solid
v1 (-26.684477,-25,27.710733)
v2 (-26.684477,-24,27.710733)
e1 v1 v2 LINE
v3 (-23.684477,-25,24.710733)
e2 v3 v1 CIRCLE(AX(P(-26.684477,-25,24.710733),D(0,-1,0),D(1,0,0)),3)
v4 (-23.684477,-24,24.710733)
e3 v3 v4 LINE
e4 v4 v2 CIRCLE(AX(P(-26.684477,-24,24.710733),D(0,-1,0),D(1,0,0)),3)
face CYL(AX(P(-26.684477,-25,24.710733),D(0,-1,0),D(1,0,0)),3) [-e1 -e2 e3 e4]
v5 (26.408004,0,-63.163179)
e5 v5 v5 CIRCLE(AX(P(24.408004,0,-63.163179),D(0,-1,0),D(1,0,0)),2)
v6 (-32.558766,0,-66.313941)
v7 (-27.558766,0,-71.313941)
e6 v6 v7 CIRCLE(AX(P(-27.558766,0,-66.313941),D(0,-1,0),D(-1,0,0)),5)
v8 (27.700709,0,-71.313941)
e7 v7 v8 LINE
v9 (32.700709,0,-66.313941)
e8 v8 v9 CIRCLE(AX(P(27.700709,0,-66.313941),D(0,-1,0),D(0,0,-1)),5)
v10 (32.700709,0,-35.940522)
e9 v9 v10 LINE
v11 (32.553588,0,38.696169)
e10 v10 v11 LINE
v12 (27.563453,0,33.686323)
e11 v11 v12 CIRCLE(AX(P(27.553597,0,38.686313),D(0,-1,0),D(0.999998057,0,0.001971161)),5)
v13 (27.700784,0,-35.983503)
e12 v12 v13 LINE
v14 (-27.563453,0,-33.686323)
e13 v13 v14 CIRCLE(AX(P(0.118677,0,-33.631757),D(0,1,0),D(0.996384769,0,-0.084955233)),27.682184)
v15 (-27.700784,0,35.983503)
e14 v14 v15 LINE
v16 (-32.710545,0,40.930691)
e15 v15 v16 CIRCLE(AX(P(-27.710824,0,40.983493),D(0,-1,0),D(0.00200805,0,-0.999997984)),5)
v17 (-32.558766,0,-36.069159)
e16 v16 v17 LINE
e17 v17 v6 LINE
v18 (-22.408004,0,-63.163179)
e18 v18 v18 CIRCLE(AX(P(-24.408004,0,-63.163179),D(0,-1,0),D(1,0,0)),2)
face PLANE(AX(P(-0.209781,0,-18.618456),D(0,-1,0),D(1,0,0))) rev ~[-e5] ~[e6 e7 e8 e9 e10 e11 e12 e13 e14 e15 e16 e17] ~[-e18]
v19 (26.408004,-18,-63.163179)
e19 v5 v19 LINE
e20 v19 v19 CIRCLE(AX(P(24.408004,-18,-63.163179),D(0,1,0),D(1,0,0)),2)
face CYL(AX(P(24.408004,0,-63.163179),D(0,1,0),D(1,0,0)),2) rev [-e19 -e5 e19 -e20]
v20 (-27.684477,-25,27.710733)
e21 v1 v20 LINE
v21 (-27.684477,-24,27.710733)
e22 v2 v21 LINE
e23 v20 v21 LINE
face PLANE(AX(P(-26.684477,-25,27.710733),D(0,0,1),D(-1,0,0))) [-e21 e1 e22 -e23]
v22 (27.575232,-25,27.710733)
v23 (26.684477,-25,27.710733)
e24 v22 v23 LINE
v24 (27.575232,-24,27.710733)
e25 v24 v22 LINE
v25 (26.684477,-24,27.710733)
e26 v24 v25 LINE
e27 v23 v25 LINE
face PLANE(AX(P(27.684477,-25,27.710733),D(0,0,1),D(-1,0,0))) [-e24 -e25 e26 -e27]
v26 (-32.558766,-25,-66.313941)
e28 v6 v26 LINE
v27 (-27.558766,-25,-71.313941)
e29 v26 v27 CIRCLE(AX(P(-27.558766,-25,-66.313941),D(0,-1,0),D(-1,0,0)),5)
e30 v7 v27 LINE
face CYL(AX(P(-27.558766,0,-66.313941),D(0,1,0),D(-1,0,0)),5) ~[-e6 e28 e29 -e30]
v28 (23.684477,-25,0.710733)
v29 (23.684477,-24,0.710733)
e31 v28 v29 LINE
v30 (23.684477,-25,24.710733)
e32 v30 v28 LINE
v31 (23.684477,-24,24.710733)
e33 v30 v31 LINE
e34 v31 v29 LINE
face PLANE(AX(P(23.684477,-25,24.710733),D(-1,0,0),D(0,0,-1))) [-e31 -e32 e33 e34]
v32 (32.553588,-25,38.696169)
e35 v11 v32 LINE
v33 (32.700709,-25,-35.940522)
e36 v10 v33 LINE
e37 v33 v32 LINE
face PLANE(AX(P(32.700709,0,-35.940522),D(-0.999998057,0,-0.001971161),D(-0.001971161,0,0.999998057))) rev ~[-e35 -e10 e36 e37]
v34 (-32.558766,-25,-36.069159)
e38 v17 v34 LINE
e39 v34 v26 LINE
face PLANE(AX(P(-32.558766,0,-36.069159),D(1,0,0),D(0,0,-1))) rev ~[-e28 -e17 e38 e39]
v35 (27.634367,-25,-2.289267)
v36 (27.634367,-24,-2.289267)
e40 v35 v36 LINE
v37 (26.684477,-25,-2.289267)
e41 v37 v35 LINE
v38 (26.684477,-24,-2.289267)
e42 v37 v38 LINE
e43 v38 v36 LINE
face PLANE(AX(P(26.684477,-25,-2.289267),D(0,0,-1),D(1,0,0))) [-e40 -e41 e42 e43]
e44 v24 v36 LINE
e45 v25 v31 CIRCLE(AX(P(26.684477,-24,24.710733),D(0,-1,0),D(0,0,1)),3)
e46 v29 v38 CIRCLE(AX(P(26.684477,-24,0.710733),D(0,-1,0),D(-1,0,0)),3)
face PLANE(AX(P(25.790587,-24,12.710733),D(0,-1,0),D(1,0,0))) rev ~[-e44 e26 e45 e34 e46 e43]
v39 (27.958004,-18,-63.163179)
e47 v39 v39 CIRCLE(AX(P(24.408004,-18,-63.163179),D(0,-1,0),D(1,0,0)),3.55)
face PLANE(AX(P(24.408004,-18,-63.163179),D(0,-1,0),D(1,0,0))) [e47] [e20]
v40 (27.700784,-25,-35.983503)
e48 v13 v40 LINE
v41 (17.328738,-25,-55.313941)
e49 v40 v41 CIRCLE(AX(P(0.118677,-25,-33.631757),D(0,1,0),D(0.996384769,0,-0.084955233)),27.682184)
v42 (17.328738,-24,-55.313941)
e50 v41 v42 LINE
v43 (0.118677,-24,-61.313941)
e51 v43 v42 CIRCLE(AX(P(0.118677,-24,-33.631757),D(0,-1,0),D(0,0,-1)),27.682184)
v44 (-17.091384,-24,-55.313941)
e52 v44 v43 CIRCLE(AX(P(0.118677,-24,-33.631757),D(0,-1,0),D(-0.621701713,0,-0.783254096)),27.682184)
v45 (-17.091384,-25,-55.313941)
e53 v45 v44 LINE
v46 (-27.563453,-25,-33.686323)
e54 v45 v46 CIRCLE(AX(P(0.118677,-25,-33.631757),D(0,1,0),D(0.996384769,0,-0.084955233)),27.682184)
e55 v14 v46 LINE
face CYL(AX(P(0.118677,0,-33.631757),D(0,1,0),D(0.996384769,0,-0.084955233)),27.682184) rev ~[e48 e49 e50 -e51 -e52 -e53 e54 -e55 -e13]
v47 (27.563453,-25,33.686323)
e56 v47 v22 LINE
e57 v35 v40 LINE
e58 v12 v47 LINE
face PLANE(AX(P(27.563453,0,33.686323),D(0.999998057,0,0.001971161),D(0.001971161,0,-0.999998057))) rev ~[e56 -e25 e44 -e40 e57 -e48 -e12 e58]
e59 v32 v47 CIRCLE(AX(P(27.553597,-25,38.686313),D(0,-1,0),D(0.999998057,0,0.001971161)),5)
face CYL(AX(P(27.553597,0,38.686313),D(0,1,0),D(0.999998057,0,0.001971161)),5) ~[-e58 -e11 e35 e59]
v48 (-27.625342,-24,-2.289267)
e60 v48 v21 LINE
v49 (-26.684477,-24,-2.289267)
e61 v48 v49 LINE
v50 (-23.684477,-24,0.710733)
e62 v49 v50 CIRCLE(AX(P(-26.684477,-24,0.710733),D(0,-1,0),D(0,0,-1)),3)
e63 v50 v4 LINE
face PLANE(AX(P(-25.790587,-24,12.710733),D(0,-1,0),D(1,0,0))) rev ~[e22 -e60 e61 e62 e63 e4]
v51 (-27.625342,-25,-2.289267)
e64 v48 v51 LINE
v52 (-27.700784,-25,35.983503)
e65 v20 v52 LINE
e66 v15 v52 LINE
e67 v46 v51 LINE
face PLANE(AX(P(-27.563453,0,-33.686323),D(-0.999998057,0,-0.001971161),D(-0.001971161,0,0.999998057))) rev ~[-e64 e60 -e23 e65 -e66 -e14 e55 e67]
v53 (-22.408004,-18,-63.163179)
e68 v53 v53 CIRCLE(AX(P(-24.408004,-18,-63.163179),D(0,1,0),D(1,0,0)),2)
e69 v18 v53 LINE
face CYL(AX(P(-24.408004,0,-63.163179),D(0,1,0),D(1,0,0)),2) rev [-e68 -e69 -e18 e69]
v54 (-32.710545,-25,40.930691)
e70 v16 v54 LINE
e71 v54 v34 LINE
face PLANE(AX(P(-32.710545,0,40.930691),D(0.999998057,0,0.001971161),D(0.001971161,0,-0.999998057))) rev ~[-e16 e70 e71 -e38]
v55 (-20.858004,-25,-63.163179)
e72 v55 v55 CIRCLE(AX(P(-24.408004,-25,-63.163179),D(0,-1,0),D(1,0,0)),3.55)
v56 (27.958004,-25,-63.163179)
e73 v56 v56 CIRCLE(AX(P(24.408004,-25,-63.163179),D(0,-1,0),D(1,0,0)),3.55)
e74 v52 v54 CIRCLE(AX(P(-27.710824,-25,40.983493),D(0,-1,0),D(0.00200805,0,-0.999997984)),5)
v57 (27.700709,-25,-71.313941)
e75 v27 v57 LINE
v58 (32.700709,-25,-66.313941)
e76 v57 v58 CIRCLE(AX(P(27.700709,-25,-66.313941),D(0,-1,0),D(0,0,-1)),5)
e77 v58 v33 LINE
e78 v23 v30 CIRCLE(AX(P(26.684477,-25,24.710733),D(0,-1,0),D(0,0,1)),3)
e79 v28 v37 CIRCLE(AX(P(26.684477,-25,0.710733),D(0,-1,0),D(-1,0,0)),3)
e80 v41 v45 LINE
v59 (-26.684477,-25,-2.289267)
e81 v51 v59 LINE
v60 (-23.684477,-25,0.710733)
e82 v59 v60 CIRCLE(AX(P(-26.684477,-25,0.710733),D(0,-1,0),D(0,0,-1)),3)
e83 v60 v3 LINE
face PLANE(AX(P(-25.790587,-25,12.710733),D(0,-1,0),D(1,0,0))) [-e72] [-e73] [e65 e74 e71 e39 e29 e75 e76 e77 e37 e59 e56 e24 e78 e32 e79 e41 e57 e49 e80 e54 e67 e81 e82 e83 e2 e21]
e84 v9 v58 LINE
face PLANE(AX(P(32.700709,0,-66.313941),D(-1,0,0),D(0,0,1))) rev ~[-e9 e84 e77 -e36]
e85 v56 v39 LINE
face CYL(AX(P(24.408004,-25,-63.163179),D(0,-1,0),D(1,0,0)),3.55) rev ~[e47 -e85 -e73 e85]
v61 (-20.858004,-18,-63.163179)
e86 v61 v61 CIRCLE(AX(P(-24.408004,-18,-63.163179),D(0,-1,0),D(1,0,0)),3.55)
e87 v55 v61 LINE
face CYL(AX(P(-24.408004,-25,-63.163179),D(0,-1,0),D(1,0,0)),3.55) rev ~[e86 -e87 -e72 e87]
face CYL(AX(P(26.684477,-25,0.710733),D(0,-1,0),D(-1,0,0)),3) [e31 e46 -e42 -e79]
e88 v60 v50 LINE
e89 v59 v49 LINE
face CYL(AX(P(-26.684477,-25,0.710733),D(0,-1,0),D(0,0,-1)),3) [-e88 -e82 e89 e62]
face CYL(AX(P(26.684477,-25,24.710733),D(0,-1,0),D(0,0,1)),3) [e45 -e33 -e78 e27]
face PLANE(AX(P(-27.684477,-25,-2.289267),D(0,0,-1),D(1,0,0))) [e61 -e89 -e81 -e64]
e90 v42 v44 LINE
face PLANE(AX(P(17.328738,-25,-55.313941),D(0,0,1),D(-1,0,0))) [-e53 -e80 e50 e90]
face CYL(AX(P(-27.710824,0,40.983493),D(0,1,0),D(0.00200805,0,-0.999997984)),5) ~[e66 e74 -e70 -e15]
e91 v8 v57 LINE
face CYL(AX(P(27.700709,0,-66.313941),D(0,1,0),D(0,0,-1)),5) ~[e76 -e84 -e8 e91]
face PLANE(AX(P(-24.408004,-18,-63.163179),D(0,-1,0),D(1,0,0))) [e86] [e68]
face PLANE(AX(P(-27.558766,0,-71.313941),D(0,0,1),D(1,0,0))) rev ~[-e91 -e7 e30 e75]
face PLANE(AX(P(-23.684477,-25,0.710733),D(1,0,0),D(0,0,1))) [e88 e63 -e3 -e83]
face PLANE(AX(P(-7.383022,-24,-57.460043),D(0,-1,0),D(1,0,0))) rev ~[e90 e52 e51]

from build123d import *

# Parameters (mm, degrees)
F0_R     = 2
F1_DEPTH = 25
F3_DEPTH = 1
F4_R     = 3.55
F5_DEPTH = 7


with BuildPart() as f1:
    # F0 (on Front) → F1 (new body)
    with BuildSketch(Plane.XZ):
        with BuildLine():
            Line((27.5634530751, 33.6863230431), (27.700783795, -35.983503393))
            ThreePointArc((27.700783795, -35.983503393), (-1.0310012543, -61.2900569115), (-27.5634530751, -33.6863230431))
            Line((-27.5634530751, -33.6863230431), (-27.700783795, 35.983503393))
            ThreePointArc((-27.700783795, 35.983503393), (-24.1975782347, 44.5411756868), (-32.7105452322, 40.9306913446))
            Line((-32.7105452322, 40.9306913446), (-32.5587658259, -36.0691590645))
            Line((-32.5587658259, -36.0691590645), (-32.5587658259, -66.3139410643))
            ThreePointArc((-32.5587658259, -66.3139410643), (-31.0942997319, -69.8494749702), (-27.5587658259, -71.3139410643))
            Line((-27.5587658259, -71.3139410643), (27.700708785, -71.3139410643))
            ThreePointArc((27.700708785, -71.3139410643), (31.236242691, -69.8494749702), (32.700708785, -66.3139410643))
            Line((32.700708785, -66.3139410643), (32.700708785, -35.9405218755))
            Line((32.700708785, -35.9405218755), (32.5535875558, 38.696169135))
            ThreePointArc((32.5535875558, 38.696169135), (24.0111011252, 42.2148712597), (27.5634530751, 33.6863230431))
        make_face()
        with Locations((-24.4080040093, -63.1631792477)):
            Circle(F0_R, mode=Mode.SUBTRACT)
        with Locations((24.4080040093, -63.1631792477)):
            Circle(F0_R, mode=Mode.SUBTRACT)
    extrude(amount=F1_DEPTH)

    # F2 (on face) → F3 (join)
    with BuildSketch(Plane.XZ.offset(25)):
        with BuildLine():
            Line((-26.6844767994, 27.7107327074), (-27.6844767994, 27.7107327074))
            Line((-27.6844767994, 27.7107327074), (-27.6844767994, -2.2892672926))
            Line((-27.6844767994, -2.2892672926), (-26.6844767994, -2.2892672926))
            ThreePointArc((-26.6844767994, -2.2892672926), (-24.5631564558, -1.4105876361), (-23.6844767994, 0.7107327074))
            Line((-23.6844767994, 0.7107327074), (-23.6844767994, 24.7107327074))
            ThreePointArc((-23.6844767994, 24.7107327074), (-24.5631564558, 26.832053051), (-26.6844767994, 27.7107327074))
        make_face()
        with BuildLine():
            Line((26.6844767994, -2.2892672926), (27.6844767994, -2.2892672926))
            Line((27.6844767994, -2.2892672926), (27.6844767994, 27.7107327074))
            Line((27.6844767994, 27.7107327074), (26.6844767994, 27.7107327074))
            ThreePointArc((26.6844767994, 27.7107327074), (24.5631564558, 26.832053051), (23.6844767994, 24.7107327074))
            Line((23.6844767994, 24.7107327074), (23.6844767994, 0.7107327074))
            ThreePointArc((23.6844767994, 0.7107327074), (24.5631564558, -1.4105876361), (26.6844767994, -2.2892672926))
        make_face()
        with BuildLine():
            Line((0.1186772118, -55.3139410643), (-17.0913840546, -55.3139410643))
            ThreePointArc((-17.0913840546, -55.3139410643), (-8.994310893, -59.7709375988), (0.1186772118, -61.3139410643))
            Line((0.1186772118, -61.3139410643), (0.1186772118, -55.3139410643))
        make_face()
        with BuildLine():
            Line((17.3287384782, -55.3139410643), (0.1186772118, -55.3139410643))
            Line((0.1186772118, -55.3139410643), (0.1186772118, -61.3139410643))
            ThreePointArc((0.1186772118, -61.3139410643), (9.2316653166, -59.7709375988), (17.3287384782, -55.3139410643))
        make_face()
    extrude(amount=-F3_DEPTH)

    # F4 (on face) → F5 (cut)
    with BuildSketch(Plane.XZ.offset(25)):
        with Locations((-24.4080040093, -63.1631792477)):
            Circle(F4_R)
        with Locations((24.4080040093, -63.1631792477)):
            Circle(F4_R)
    extrude(amount=-F5_DEPTH, mode=Mode.SUBTRACT)


solid = f1.part
